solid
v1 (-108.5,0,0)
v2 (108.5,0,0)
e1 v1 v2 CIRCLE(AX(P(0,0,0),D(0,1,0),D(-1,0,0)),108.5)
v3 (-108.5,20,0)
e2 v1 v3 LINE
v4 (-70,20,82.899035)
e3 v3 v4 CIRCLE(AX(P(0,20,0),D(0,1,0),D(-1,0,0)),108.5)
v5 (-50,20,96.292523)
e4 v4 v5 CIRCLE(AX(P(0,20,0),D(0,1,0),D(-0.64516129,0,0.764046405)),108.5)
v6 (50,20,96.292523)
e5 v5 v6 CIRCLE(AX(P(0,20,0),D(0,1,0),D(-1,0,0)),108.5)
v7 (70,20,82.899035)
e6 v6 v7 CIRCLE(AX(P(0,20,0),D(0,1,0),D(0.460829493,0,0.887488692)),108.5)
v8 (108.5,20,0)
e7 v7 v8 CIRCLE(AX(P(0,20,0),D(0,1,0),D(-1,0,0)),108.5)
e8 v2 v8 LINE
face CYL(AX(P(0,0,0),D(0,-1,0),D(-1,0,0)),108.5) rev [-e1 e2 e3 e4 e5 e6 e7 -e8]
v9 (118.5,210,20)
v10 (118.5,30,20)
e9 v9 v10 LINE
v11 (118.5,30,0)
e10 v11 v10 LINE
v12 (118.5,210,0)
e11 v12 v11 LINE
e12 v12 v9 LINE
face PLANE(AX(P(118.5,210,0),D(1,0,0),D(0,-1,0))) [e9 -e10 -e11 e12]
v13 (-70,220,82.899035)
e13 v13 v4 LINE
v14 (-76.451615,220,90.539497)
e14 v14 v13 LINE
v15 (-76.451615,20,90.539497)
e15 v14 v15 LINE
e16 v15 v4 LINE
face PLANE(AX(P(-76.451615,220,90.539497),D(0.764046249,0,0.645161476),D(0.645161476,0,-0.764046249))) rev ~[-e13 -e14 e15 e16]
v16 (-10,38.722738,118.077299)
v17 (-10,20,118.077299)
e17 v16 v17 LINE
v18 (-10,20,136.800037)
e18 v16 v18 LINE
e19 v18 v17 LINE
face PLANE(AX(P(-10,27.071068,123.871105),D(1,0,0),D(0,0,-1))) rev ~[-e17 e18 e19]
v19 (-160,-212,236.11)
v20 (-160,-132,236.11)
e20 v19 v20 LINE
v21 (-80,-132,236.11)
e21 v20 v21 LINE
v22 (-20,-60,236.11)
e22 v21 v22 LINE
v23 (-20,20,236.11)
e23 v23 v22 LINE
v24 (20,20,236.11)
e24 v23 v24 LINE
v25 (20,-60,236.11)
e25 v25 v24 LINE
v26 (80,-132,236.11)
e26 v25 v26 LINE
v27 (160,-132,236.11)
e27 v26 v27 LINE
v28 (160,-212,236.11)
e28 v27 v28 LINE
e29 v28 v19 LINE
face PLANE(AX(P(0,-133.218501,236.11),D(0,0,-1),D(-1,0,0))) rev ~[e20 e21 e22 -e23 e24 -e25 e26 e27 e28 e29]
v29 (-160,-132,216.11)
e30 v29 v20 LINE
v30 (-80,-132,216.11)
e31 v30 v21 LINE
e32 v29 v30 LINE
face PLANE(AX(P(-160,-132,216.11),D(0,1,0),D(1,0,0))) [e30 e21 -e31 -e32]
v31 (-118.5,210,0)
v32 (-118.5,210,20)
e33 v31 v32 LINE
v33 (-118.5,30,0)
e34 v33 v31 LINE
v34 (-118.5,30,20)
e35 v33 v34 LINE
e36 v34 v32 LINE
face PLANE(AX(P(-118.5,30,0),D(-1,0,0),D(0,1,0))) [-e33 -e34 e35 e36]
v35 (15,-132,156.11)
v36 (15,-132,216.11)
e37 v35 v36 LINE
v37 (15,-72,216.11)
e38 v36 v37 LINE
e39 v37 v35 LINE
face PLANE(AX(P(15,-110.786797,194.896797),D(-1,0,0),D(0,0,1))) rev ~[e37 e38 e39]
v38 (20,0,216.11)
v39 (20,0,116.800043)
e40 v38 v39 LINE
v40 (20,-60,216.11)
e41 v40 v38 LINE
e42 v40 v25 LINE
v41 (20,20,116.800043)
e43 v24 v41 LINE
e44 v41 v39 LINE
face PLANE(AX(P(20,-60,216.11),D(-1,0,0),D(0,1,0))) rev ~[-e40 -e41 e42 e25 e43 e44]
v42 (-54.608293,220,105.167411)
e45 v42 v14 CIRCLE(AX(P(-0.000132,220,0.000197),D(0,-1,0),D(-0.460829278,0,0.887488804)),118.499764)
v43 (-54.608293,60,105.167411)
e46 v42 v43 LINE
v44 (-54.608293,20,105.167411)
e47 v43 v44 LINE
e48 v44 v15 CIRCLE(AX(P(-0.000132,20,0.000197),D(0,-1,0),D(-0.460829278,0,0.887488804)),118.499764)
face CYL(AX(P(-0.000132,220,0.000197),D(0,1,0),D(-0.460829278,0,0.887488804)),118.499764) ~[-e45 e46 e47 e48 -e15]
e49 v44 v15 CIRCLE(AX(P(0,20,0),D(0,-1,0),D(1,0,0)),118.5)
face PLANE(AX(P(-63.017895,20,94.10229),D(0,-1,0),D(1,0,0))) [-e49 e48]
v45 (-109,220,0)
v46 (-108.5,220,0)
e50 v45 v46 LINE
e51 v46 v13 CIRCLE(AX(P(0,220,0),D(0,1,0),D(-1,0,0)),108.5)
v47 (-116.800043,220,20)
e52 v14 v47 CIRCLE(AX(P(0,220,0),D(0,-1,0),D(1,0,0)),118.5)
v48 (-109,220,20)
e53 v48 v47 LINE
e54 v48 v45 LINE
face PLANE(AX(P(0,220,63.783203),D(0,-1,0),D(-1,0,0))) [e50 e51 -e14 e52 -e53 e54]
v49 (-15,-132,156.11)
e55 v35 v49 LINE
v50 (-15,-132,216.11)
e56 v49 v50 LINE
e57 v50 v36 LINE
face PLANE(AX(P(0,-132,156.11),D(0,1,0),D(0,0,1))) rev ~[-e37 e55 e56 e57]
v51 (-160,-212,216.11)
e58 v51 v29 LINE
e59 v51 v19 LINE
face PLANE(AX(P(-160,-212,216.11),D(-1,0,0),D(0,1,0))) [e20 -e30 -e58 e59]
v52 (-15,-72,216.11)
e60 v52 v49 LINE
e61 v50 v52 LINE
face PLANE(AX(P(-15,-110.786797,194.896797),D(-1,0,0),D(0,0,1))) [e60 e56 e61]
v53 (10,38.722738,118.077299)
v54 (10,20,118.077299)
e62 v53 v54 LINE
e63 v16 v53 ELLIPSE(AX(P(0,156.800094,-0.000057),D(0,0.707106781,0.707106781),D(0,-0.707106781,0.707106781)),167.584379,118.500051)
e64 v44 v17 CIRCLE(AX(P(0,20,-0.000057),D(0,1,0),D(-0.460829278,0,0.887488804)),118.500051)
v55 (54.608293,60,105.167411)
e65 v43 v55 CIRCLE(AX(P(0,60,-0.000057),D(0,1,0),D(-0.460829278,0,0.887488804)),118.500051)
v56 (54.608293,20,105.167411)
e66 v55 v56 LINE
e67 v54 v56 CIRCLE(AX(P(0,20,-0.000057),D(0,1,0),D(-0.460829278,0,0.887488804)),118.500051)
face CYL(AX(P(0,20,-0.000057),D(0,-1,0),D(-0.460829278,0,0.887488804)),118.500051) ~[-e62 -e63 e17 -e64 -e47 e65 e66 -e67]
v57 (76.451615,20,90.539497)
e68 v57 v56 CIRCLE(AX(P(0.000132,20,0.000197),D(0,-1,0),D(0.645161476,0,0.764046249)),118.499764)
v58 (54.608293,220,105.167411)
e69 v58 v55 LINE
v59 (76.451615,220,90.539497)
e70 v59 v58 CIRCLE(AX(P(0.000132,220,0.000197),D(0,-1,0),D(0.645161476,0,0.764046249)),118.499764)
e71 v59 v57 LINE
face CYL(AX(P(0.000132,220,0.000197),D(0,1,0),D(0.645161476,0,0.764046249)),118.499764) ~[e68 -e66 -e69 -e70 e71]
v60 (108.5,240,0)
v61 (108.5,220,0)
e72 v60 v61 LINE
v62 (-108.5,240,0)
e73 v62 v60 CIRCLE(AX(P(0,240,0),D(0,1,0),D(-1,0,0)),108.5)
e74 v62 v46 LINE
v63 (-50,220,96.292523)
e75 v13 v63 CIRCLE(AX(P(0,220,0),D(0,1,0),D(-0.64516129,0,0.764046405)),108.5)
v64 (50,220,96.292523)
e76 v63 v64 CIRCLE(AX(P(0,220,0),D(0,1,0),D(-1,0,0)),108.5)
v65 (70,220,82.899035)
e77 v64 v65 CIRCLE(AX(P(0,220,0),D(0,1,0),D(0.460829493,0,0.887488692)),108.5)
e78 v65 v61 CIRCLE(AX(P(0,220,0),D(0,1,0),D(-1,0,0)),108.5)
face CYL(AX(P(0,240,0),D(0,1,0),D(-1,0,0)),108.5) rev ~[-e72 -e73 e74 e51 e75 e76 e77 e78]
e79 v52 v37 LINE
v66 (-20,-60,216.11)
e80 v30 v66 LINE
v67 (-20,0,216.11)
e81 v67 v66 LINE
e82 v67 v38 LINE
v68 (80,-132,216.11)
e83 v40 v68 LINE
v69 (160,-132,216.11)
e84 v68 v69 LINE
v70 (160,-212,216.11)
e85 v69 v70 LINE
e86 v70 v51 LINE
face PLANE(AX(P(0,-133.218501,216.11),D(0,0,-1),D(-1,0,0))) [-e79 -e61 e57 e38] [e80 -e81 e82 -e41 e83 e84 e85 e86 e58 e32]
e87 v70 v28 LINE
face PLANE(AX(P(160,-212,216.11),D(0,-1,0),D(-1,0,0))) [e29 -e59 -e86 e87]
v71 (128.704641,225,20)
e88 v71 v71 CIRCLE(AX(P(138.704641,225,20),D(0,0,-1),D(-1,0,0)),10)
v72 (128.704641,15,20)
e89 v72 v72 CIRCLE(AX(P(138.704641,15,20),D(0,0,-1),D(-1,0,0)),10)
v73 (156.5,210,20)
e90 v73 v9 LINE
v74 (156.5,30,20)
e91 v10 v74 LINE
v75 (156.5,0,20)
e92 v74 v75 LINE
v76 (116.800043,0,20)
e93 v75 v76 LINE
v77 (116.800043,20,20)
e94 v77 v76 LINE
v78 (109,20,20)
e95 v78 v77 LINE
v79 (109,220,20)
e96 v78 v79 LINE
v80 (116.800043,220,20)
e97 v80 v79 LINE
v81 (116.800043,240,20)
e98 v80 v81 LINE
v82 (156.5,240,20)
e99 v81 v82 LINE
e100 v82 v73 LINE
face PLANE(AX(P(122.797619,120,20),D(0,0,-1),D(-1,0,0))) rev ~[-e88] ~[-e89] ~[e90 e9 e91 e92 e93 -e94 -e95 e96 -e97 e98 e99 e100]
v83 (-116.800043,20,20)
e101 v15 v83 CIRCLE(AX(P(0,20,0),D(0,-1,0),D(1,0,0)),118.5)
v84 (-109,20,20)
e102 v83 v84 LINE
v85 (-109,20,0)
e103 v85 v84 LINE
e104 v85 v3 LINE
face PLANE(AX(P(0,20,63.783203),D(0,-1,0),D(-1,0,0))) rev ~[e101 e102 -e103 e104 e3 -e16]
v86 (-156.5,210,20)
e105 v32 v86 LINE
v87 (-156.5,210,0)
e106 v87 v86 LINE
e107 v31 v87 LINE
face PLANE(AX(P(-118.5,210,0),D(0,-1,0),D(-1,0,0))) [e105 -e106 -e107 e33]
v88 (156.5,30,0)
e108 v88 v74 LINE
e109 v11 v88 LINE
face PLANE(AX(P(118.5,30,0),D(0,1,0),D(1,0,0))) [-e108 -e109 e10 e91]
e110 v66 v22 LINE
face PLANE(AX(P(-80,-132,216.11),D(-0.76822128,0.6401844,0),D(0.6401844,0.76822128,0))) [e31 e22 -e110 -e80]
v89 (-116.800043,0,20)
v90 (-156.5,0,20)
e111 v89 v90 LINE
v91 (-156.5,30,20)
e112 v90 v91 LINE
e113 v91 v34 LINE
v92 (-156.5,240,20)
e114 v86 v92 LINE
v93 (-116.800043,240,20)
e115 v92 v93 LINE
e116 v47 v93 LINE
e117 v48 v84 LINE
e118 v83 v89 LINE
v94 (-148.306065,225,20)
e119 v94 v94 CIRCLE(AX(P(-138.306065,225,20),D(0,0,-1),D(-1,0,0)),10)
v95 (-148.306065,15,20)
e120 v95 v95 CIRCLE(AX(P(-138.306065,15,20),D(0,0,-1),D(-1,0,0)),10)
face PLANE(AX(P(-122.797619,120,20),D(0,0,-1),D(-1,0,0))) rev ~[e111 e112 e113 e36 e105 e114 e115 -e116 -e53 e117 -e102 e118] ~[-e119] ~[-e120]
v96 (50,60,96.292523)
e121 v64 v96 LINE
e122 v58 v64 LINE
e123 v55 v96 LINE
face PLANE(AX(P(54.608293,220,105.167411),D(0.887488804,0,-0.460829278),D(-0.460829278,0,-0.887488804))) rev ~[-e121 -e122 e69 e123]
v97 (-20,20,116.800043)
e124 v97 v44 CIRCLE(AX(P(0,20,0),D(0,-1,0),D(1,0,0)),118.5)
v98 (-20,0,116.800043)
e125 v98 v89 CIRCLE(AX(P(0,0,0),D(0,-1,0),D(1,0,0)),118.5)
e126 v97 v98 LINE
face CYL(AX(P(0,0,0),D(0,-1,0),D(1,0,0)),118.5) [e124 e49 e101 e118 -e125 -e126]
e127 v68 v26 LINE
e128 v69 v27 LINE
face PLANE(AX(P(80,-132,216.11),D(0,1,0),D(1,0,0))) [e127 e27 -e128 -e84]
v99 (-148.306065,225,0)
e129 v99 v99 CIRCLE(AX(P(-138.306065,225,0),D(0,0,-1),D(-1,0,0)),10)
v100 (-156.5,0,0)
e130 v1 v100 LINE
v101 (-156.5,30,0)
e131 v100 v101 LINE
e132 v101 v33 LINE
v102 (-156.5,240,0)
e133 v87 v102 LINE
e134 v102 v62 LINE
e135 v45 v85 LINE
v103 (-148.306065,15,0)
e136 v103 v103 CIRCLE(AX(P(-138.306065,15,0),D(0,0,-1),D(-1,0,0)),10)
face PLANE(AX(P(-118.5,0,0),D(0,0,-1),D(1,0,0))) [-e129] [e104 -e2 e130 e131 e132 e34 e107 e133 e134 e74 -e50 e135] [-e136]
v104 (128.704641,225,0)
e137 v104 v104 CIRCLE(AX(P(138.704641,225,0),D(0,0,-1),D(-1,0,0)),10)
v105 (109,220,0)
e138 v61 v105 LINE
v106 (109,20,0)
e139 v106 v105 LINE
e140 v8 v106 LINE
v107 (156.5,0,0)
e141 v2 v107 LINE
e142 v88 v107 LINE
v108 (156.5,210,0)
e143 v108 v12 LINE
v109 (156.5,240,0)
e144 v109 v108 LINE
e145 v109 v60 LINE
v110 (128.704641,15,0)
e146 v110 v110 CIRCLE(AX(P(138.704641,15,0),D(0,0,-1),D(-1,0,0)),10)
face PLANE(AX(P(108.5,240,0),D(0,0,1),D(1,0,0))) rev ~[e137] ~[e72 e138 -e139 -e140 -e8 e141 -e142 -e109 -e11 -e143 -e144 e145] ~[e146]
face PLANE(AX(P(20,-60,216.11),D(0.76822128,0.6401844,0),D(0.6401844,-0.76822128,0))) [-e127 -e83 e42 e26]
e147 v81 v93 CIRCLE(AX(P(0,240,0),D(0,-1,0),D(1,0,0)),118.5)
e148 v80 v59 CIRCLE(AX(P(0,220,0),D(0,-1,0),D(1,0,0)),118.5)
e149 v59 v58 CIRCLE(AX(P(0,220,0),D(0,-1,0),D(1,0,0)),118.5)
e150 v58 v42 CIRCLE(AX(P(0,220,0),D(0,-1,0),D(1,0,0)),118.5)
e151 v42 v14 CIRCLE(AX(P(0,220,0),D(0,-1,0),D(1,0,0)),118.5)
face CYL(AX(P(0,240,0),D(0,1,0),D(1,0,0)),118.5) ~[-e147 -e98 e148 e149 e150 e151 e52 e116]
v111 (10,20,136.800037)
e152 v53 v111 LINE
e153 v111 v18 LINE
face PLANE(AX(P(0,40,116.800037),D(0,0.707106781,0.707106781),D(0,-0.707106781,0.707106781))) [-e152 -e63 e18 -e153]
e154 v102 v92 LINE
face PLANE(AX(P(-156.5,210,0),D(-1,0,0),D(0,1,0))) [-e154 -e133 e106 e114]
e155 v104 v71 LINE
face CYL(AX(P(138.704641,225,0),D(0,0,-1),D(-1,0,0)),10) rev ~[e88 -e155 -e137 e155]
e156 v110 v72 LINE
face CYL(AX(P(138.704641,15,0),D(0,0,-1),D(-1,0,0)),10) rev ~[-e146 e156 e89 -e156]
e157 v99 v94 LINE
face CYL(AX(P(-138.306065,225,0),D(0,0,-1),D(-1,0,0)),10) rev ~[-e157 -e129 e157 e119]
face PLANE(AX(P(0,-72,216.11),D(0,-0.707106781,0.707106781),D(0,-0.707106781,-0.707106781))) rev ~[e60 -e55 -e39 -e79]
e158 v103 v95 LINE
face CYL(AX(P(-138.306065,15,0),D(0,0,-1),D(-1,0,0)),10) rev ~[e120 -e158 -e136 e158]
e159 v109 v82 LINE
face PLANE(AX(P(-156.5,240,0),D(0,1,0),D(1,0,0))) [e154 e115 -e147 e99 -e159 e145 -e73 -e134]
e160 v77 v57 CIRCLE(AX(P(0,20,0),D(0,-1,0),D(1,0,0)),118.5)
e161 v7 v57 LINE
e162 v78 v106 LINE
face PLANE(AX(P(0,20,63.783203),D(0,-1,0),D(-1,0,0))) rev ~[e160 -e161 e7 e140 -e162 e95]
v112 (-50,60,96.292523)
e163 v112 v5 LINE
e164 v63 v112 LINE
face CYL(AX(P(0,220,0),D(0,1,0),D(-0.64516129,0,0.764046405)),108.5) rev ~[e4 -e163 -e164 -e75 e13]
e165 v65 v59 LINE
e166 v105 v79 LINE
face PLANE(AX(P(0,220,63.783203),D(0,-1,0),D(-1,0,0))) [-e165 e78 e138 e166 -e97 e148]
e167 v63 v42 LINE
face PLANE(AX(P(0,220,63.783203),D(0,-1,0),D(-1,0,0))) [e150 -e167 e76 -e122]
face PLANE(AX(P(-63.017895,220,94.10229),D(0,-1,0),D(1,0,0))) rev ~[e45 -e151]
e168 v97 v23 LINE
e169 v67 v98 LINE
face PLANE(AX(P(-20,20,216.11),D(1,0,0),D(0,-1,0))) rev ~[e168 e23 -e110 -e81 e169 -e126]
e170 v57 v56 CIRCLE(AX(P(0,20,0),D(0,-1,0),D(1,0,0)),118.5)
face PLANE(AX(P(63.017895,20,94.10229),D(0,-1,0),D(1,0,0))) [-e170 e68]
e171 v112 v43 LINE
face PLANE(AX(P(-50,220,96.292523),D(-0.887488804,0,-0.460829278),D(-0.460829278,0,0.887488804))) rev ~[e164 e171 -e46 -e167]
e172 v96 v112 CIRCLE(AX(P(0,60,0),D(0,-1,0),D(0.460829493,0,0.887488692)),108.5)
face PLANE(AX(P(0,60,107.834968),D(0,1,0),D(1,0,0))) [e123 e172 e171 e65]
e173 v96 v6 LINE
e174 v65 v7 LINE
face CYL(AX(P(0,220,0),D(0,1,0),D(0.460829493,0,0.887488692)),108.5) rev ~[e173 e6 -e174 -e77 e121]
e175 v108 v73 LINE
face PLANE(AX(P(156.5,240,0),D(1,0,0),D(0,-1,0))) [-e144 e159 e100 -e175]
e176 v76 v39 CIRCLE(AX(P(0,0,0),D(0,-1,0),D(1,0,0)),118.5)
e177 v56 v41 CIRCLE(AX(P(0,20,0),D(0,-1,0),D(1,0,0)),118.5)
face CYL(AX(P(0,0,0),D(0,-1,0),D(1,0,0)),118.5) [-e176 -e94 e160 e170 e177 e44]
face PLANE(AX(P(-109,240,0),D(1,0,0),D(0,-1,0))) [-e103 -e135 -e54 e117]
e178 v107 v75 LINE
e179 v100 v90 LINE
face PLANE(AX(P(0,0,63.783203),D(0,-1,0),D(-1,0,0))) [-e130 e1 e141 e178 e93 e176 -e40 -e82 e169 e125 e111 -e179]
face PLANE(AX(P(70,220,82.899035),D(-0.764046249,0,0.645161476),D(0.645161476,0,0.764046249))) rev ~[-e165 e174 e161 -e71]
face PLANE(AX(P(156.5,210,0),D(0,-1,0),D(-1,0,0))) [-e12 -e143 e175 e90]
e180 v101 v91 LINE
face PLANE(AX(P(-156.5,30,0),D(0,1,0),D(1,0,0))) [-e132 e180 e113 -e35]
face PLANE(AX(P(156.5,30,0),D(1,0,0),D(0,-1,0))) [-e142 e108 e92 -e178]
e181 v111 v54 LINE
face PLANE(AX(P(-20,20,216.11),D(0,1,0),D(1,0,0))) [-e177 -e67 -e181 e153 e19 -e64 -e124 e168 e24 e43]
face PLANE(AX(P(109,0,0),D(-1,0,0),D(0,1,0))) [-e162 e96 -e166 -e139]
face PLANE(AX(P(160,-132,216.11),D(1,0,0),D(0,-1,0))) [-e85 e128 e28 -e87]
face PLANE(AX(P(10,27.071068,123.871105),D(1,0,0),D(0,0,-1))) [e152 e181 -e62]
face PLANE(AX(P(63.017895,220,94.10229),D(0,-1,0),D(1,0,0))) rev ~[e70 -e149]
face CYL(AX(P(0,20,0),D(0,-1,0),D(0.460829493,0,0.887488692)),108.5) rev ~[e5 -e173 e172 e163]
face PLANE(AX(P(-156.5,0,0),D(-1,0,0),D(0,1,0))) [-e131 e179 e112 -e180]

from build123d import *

# Parameters (mm, degrees)
EXTRUDE_1_DEPTH     = 20
EXTRUDE_2_REACH     = 218.11
EXTRUDE_7_DEPTH     = 20
SKETCH_13_R         = 10
CUT_EXTRUDE_1_DEPTH = 20
EXTRUDE_8_DEPTH     = 20
EXTRUDE_9_DEPTH     = 200
EXTRUDE_10_DEPTH    = 40
EXTRUDE_11_DEPTH    = 10
EXTRUDE_13_DEPTH    = 20
EXTRUDE_14_DEPTH    = 15


with BuildPart() as part:
    # 草图1 → 凸台-拉伸1 (new body)
    with BuildSketch(Plane(origin=(0, 0, 0), x_dir=(1, 0, 0), z_dir=(0, 1, 0))):
        with BuildLine():
            Line((-118.5, 0), (-108.5, 0))
            ThreePointArc((-108.5, 0), (0, -108.5), (108.5, 0))
            Line((108.5, 0), (118.5, 0))
            ThreePointArc((118.5, 0), (0, -118.5), (-118.5, 0))
        make_face()
    extrude(amount=EXTRUDE_1_DEPTH)

    # 草图3 → 凸台-拉伸2 (add, up to next)
    with BuildSketch(Plane.XY.offset(216.11), mode=Mode.PRIVATE) as extrude_2_sk1:
        Polygon((0, 0), (20, 0), (20, 20), (-20, 20), (-20, 0), align=None)
    extrude_2_tool1 = extrude(extrude_2_sk1.sketch, amount=-EXTRUDE_2_REACH, mode=Mode.PRIVATE) - part.part
    add(extrude_2_tool1.solids().sort_by_distance((0, 10, 216.11))[0])

    # 草图12 → 凸台-拉伸7 (add)
    with BuildSketch(Plane.XY):
        Polygon((-109, 0), (-156.5, 0), (-156.5, 30), (-118.5, 30), (-118.5, 210), (-156.5, 210), (-156.5, 240), (-109, 240), align=None)
        Polygon((156.5, 0), (109, 0), (109, 240), (156.5, 240), (156.5, 210), (118.5, 210), (118.5, 30), (156.5, 30), align=None)
    extrude(amount=EXTRUDE_7_DEPTH)

    # 草图13 → 切除-拉伸1 (cut)
    with BuildSketch(Plane(origin=(0, 0, 0), x_dir=(-1, 0, 0), z_dir=(0, 0, -1))):
        with Locations((138.306064525, 225)):
            Circle(SKETCH_13_R)
        with Locations((138.306064525, 15)):
            Circle(SKETCH_13_R)
        with Locations((-138.70464108, 225)):
            Circle(SKETCH_13_R)
        with Locations((-138.70464108, 15)):
            Circle(SKETCH_13_R)
    extrude(amount=-CUT_EXTRUDE_1_DEPTH, mode=Mode.SUBTRACT)

    # 草图14 → 凸台-拉伸8 (add)
    with BuildSketch(Plane(origin=(0, 240, 0), x_dir=(1, 0, 0), z_dir=(0, 1, 0))):
        with BuildLine():
            Line((-118.5, 0), (-108.5, 0))
            ThreePointArc((-108.5, 0), (0, -108.5), (108.5, 0))
            Line((108.5, 0), (118.5, 0))
            ThreePointArc((118.5, 0), (0, -118.5), (-118.5, 0))
        make_face()
    extrude(amount=-EXTRUDE_8_DEPTH)

    # 草图15 → 凸台-拉伸9 (add)
    with BuildSketch(Plane.XZ.offset(-220)):
        with BuildLine():
            Line((54.608292776, 105.167411113), (50, 96.292523074))
            ThreePointArc((50, 96.292523074), (60.372563146, 90.152113781), (70, 82.899034976))
            Line((70, 82.899034976), (76.451614759, 90.539497463))
            ThreePointArc((76.451614759, 90.539497463), (65.936855496, 98.461065578), (54.608292776, 105.167411113))
        make_face()
        with BuildLine():
            Line((-76.451614759, 90.539497463), (-70, 82.899034976))
            ThreePointArc((-70, 82.899034976), (-60.372563146, 90.152113781), (-50, 96.292523074))
            Line((-50, 96.292523074), (-54.608292776, 105.167411113))
            ThreePointArc((-54.608292776, 105.167411113), (-65.936855496, 98.461065578), (-76.451614759, 90.539497463))
        make_face()
    extrude(amount=EXTRUDE_9_DEPTH)

    # 草图16 → 凸台-拉伸10 (add)
    with BuildSketch(Plane(origin=(0, 20, 0), x_dir=(1, 0, 0), z_dir=(0, 1, 0))):
        with BuildLine():
            Line((-50, -96.292523074), (-54.608292776, -105.167411113))
            ThreePointArc((-54.608292776, -105.167411113), (0, -118.499993567), (54.608292776, -105.167411113))
            Line((54.608292776, -105.167411113), (50, -96.292523074))
            ThreePointArc((50, -96.292523074), (0, -108.5), (-50, -96.292523074))
        make_face()
    extrude(amount=EXTRUDE_10_DEPTH)

    # 草图17 → 凸台-拉伸11 (add, symmetric)
    with BuildSketch(Plane(origin=(0, 0, 0), x_dir=(0, 0, -1), z_dir=(1, 0, 0))):
        Polygon((-136.800037114, 20), (-116.800037114, 20), (-116.800037114, 40), align=None)
    extrude(amount=EXTRUDE_11_DEPTH, both=True)

    # 草图18 → 凸台-拉伸13 (add)
    with BuildSketch(Plane.XY.offset(216.11)):
        Polygon((-20, 20), (20, 20), (20, 0), (20, -60), (80, -132), (160, -132), (160, -212), (-160, -212), (-160, -132), (-80, -132), (-20, -60), (-20, 0), align=None)
    extrude(amount=EXTRUDE_13_DEPTH)

    # 草图22 → 凸台-拉伸14 (add, symmetric)
    with BuildSketch(Plane(origin=(0, 0, 0), x_dir=(0, 0, -1), z_dir=(1, 0, 0))):
        Polygon((-216.11, -72), (-156.11, -132), (-216.11, -132), align=None)
    extrude(amount=EXTRUDE_14_DEPTH, both=True)


solid = part.part
